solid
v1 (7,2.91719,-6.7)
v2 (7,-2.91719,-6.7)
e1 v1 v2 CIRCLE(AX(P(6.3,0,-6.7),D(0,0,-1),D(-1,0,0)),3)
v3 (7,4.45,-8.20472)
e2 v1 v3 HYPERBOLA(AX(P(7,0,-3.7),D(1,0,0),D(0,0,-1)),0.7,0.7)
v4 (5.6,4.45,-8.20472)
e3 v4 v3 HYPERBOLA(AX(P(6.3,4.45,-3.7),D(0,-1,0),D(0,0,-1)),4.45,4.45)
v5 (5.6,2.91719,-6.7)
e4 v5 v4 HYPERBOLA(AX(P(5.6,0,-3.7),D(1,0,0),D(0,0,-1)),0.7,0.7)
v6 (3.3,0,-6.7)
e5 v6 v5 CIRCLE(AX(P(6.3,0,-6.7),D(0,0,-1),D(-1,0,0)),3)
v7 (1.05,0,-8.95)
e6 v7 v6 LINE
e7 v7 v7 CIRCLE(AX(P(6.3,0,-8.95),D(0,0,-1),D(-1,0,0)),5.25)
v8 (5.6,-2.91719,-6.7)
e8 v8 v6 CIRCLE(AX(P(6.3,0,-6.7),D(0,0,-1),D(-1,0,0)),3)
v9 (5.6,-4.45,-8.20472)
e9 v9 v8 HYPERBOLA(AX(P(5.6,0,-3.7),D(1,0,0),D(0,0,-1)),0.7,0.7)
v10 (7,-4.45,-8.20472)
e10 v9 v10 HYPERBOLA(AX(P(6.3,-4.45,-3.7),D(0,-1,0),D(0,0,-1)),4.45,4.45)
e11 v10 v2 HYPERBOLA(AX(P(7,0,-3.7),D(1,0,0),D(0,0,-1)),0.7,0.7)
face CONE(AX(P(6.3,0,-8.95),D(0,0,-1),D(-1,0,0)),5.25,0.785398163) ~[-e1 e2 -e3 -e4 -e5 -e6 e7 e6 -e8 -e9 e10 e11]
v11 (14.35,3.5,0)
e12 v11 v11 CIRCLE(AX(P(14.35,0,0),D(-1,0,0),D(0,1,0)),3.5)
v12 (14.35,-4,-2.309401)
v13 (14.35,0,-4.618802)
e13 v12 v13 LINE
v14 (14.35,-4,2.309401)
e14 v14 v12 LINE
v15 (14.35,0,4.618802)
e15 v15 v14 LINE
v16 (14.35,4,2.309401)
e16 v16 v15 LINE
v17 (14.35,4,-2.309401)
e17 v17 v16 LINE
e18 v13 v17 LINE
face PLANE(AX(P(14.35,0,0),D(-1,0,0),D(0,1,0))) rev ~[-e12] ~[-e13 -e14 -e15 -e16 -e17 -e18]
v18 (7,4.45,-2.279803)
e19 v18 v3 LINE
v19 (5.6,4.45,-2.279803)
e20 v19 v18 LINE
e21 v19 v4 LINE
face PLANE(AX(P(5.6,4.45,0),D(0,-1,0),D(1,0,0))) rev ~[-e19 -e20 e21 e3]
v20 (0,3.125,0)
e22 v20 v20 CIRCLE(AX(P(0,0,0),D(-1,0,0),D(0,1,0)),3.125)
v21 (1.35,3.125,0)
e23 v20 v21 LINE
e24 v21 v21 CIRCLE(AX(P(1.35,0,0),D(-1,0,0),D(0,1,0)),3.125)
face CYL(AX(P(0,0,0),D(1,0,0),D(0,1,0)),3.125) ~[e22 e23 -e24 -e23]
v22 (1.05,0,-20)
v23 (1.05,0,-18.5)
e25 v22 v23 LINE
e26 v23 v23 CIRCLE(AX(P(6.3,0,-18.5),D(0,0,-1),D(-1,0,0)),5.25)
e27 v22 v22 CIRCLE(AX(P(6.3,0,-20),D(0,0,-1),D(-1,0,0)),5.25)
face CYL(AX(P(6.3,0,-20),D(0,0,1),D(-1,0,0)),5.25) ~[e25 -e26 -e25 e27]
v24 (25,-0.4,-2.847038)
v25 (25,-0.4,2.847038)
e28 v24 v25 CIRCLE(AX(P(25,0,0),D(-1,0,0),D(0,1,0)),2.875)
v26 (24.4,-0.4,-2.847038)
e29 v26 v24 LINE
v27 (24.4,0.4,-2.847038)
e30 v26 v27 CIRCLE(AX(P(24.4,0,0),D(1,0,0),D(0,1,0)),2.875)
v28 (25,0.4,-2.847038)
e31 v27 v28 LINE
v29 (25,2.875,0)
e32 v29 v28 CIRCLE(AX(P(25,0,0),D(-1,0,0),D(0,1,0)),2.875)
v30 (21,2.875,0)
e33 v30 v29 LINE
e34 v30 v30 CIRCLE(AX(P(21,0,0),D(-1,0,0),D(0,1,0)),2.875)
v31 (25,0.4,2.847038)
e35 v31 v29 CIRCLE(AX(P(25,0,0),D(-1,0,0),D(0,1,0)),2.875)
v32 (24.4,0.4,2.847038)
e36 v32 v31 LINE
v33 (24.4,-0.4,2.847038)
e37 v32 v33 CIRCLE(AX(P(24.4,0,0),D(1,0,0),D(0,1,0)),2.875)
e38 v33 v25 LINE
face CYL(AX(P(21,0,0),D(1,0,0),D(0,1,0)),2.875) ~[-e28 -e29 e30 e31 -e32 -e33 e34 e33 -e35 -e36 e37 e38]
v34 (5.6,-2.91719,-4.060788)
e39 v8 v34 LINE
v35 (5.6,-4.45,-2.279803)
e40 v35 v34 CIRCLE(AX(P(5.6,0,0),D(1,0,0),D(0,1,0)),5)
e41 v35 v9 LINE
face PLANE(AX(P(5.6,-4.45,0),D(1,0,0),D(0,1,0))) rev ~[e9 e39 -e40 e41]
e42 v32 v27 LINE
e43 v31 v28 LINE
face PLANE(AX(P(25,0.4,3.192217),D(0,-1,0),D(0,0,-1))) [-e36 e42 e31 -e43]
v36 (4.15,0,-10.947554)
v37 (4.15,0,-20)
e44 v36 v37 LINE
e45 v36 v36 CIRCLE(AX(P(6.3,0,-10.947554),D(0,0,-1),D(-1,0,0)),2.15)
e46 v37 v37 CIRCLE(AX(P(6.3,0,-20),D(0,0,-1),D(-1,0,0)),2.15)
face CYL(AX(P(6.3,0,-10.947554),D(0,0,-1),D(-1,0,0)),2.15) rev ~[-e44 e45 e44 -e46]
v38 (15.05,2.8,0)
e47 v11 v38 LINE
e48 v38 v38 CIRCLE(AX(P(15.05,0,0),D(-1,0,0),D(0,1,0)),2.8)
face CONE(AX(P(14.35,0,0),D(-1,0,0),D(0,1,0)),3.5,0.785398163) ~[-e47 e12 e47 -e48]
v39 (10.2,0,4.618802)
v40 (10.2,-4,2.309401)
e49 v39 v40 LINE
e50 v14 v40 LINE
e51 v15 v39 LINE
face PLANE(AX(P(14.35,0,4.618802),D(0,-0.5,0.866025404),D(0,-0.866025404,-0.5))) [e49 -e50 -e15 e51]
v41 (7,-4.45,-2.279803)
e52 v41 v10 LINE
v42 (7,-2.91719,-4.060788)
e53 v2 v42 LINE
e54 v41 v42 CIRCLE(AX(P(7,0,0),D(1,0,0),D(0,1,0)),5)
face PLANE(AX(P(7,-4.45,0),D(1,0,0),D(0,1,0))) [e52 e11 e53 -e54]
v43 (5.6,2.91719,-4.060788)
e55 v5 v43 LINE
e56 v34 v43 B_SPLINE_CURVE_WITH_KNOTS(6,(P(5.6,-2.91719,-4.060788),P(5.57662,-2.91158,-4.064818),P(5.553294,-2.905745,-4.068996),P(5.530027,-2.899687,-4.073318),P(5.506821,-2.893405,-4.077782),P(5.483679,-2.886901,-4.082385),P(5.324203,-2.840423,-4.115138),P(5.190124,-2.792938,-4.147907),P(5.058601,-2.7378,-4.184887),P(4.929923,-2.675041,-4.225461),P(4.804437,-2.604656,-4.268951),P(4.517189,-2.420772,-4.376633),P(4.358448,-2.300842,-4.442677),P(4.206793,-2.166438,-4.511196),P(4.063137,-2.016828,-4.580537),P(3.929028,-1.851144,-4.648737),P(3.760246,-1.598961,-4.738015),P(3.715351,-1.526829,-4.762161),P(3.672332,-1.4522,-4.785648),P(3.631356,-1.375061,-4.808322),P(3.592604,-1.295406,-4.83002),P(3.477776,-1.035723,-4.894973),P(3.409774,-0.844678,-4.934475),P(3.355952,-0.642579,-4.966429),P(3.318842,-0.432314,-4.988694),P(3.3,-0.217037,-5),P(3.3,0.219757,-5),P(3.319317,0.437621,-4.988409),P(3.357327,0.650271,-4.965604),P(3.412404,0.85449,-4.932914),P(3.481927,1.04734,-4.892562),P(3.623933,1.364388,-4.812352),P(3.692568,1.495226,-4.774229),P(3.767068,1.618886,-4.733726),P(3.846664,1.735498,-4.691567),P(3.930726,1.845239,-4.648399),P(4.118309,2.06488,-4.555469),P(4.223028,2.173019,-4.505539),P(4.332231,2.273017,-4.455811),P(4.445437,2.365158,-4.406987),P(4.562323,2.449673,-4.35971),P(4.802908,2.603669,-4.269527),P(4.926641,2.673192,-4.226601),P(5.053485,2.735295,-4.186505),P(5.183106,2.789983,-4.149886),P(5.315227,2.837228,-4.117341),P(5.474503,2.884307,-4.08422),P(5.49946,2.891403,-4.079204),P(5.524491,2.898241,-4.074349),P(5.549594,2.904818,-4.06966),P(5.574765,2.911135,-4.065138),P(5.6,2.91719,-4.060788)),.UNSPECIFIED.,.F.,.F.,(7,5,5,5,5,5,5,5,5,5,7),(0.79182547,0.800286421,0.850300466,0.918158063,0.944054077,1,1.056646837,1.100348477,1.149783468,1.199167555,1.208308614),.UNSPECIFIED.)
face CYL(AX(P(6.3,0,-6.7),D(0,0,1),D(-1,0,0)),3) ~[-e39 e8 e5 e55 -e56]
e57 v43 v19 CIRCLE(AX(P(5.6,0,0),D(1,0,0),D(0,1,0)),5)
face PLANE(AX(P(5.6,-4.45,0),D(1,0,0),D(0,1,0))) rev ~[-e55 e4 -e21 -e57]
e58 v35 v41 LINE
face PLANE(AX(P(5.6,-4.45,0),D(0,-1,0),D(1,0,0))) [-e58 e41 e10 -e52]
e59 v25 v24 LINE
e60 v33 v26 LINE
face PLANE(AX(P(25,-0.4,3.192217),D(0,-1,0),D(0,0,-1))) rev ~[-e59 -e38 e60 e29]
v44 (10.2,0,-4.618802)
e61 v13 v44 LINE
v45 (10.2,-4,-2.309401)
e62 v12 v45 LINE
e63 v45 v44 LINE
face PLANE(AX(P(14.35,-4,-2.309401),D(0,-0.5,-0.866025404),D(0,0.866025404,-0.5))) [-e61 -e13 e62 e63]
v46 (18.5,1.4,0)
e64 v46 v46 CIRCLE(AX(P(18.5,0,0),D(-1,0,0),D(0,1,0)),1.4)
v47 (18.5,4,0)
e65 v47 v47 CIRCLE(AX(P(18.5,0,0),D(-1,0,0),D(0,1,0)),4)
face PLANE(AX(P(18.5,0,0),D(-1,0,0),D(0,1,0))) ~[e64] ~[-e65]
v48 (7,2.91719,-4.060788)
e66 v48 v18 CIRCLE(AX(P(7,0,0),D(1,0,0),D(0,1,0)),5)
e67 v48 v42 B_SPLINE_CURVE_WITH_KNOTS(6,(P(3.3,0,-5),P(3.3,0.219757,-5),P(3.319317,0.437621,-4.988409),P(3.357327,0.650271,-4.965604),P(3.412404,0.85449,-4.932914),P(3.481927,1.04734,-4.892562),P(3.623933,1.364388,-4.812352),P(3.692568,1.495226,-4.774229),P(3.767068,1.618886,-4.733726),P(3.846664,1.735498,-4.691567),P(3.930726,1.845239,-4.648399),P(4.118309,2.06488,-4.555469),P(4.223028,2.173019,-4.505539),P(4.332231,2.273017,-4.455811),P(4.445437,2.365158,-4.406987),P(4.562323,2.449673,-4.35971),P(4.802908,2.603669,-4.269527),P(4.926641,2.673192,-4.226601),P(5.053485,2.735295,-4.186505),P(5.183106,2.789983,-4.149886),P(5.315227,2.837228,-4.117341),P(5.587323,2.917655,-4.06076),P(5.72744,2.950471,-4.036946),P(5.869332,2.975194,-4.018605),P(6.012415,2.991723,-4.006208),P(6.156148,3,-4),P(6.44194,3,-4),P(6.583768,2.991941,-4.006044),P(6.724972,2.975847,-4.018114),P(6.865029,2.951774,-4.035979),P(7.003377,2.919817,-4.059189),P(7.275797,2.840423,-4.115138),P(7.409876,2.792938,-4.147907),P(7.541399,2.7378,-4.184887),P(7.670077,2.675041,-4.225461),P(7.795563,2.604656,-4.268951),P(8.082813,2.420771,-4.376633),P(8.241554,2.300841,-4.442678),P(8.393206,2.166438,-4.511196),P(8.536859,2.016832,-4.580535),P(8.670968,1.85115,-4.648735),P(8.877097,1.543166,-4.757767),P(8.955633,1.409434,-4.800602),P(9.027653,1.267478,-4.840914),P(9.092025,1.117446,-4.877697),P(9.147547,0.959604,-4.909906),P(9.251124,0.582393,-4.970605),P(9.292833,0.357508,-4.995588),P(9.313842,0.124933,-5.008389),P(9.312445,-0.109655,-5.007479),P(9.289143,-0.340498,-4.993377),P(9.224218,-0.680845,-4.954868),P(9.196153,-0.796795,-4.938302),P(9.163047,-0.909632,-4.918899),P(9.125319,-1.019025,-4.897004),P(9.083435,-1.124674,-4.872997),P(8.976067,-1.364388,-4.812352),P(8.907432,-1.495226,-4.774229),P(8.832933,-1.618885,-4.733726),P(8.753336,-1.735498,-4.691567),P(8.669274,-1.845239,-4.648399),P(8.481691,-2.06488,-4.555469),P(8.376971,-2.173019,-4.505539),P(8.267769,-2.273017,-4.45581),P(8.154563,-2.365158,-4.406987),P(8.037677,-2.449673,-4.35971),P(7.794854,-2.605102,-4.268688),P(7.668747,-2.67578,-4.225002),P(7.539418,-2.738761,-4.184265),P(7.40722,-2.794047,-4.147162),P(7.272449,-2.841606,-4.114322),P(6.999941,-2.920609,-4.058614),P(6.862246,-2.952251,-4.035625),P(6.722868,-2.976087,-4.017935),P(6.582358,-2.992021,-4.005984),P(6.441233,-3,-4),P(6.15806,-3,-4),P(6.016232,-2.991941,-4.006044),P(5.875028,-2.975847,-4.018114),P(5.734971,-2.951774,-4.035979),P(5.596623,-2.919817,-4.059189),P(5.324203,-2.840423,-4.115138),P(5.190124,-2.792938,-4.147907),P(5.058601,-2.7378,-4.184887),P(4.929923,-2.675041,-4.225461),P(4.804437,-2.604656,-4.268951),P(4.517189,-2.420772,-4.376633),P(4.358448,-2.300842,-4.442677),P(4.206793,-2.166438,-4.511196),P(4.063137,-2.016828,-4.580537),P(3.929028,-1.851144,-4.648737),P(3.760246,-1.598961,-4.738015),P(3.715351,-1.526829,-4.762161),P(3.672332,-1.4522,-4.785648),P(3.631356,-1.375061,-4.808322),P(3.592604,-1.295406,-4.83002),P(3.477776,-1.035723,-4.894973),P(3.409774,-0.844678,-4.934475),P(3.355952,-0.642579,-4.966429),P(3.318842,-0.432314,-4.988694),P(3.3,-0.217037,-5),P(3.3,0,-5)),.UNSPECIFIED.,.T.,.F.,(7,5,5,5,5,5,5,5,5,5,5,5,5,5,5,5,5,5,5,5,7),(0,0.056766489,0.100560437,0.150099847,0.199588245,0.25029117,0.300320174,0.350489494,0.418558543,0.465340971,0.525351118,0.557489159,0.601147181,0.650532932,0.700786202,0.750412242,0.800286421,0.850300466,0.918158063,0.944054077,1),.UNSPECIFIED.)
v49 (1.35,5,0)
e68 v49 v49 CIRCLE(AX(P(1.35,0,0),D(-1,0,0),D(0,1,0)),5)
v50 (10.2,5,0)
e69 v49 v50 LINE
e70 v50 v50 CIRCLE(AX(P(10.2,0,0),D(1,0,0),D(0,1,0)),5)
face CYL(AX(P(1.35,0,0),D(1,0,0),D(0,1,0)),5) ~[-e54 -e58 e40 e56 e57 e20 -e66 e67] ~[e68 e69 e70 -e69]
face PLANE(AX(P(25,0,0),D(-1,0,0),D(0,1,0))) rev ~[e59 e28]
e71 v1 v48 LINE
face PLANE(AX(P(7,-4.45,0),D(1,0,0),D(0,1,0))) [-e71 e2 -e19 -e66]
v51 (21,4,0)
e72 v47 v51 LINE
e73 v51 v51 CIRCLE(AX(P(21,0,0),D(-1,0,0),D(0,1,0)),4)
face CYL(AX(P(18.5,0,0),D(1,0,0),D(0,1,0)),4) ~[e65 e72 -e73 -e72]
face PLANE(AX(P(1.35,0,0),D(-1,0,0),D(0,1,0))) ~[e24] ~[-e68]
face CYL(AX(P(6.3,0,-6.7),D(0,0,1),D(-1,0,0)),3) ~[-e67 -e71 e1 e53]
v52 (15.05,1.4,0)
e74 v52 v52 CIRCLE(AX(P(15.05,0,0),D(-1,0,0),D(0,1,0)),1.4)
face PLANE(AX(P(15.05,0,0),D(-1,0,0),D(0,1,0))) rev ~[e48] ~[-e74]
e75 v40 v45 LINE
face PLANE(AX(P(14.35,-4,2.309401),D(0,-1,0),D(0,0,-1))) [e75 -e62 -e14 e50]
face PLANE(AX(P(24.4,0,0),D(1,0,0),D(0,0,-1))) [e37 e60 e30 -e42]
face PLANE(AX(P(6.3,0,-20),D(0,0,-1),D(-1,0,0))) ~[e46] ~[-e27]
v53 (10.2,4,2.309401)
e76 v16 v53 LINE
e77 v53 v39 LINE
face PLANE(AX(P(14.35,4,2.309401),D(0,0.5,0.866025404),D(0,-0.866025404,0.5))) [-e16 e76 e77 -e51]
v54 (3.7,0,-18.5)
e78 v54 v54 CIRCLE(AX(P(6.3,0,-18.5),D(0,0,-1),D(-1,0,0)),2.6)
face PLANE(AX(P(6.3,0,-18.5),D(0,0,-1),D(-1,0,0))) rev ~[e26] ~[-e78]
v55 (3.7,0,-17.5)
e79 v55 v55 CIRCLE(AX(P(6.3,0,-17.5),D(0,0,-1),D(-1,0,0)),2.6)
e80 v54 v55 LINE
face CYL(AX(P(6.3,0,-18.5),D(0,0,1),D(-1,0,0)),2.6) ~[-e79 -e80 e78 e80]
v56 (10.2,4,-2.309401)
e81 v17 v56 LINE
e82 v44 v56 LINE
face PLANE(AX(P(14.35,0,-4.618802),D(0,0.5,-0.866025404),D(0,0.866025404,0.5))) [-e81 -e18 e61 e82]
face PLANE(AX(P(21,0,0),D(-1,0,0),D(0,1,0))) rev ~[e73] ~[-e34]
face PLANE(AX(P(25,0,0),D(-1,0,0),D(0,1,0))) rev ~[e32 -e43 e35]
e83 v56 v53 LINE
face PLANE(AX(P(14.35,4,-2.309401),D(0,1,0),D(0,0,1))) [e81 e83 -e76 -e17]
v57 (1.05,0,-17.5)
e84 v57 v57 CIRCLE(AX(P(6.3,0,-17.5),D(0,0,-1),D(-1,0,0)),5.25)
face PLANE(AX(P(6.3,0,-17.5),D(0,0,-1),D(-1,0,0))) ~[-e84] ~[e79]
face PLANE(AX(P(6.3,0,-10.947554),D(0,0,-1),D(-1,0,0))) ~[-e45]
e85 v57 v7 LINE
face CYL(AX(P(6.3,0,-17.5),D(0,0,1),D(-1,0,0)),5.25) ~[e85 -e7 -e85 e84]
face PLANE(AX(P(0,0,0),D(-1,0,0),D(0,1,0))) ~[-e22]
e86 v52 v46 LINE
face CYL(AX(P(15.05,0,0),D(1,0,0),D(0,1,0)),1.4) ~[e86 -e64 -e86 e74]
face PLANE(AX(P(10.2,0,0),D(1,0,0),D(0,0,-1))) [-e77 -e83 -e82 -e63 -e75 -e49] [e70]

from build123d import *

# Parameters (mm, degrees)
SKETCH2_OUTSIDE_W   = 17.744
SKETCH2_OUTSIDE_H   = 17.744
CUT_EXTRUDE1_DEPTH  = 4.15
SKETCH3_W           = 6.384434702
SKETCH3_H           = 0.8
CUT_EXTRUDE2_DEPTH  = 0.6
SKETCH5_W           = 1.4
SKETCH5_H           = 8.9
BOSS_EXTRUDE1_DEPTH = 10


with BuildPart() as part:
    # Sketch1 → Revolve1 (revolve)
    with BuildSketch(Plane.XY):
        Polygon((0, 0), (0, 3.125), (1.35, 3.125), (1.35, 5), (14.35, 5), (14.35, 3.5), (15.05, 2.8), (15.05, 1.4), (18.5, 1.4), (18.5, 4), (21, 4), (21, 2.875), (25, 2.875), (25, 0), align=None)
    revolve(axis=Axis((25, 0, 0), (-1, 0, 0)))

    # Sketch2 outside → Cut-Extrude1 (cut)
    with BuildSketch(Plane(origin=(14.35, 0, 0), x_dir=(0, 0, -1), z_dir=(1, 0, 0))):
        Rectangle(SKETCH2_OUTSIDE_W, SKETCH2_OUTSIDE_H)
        Polygon((4.618802154, 0), (2.309401077, 4), (-2.309401077, 4), (-4.618802154, 0), (-2.309401077, -4), (2.309401077, -4), align=None, mode=Mode.SUBTRACT)
    extrude(amount=-CUT_EXTRUDE1_DEPTH, mode=Mode.SUBTRACT)

    # Sketch3 → Cut-Extrude2 (cut)
    with BuildSketch(Plane(origin=(25, 0, 0), x_dir=(0, 0, -1), z_dir=(1, 0, 0))):
        Rectangle(SKETCH3_W, SKETCH3_H)
    extrude(amount=-CUT_EXTRUDE2_DEPTH, mode=Mode.SUBTRACT)

    # Sketch4 → Revolve2 (revolve)
    with BuildSketch(Plane(origin=(0, 0, 0), x_dir=(1, 0, 0), z_dir=(0, 1, 0))):
        Polygon((6.3, 0), (6.3, 10.947554121), (4.15, 10.947554121), (4.15, 20), (1.05, 20), (1.05, 18.5), (3.7, 18.5), (3.7, 17.5), (1.05, 17.5), (1.05, 8.95), (3.3, 6.7), (3.3, 0), align=None)
    revolve(axis=Axis((6.3, 0, 0), (0, 0, -1)))

    # Sketch5 → Boss-Extrude1 (add)
    with BuildSketch(Plane.XY):
        with Locations((6.3, 0)):
            Rectangle(SKETCH5_W, SKETCH5_H)
    extrude(amount=-BOSS_EXTRUDE1_DEPTH)


solid = part.part
